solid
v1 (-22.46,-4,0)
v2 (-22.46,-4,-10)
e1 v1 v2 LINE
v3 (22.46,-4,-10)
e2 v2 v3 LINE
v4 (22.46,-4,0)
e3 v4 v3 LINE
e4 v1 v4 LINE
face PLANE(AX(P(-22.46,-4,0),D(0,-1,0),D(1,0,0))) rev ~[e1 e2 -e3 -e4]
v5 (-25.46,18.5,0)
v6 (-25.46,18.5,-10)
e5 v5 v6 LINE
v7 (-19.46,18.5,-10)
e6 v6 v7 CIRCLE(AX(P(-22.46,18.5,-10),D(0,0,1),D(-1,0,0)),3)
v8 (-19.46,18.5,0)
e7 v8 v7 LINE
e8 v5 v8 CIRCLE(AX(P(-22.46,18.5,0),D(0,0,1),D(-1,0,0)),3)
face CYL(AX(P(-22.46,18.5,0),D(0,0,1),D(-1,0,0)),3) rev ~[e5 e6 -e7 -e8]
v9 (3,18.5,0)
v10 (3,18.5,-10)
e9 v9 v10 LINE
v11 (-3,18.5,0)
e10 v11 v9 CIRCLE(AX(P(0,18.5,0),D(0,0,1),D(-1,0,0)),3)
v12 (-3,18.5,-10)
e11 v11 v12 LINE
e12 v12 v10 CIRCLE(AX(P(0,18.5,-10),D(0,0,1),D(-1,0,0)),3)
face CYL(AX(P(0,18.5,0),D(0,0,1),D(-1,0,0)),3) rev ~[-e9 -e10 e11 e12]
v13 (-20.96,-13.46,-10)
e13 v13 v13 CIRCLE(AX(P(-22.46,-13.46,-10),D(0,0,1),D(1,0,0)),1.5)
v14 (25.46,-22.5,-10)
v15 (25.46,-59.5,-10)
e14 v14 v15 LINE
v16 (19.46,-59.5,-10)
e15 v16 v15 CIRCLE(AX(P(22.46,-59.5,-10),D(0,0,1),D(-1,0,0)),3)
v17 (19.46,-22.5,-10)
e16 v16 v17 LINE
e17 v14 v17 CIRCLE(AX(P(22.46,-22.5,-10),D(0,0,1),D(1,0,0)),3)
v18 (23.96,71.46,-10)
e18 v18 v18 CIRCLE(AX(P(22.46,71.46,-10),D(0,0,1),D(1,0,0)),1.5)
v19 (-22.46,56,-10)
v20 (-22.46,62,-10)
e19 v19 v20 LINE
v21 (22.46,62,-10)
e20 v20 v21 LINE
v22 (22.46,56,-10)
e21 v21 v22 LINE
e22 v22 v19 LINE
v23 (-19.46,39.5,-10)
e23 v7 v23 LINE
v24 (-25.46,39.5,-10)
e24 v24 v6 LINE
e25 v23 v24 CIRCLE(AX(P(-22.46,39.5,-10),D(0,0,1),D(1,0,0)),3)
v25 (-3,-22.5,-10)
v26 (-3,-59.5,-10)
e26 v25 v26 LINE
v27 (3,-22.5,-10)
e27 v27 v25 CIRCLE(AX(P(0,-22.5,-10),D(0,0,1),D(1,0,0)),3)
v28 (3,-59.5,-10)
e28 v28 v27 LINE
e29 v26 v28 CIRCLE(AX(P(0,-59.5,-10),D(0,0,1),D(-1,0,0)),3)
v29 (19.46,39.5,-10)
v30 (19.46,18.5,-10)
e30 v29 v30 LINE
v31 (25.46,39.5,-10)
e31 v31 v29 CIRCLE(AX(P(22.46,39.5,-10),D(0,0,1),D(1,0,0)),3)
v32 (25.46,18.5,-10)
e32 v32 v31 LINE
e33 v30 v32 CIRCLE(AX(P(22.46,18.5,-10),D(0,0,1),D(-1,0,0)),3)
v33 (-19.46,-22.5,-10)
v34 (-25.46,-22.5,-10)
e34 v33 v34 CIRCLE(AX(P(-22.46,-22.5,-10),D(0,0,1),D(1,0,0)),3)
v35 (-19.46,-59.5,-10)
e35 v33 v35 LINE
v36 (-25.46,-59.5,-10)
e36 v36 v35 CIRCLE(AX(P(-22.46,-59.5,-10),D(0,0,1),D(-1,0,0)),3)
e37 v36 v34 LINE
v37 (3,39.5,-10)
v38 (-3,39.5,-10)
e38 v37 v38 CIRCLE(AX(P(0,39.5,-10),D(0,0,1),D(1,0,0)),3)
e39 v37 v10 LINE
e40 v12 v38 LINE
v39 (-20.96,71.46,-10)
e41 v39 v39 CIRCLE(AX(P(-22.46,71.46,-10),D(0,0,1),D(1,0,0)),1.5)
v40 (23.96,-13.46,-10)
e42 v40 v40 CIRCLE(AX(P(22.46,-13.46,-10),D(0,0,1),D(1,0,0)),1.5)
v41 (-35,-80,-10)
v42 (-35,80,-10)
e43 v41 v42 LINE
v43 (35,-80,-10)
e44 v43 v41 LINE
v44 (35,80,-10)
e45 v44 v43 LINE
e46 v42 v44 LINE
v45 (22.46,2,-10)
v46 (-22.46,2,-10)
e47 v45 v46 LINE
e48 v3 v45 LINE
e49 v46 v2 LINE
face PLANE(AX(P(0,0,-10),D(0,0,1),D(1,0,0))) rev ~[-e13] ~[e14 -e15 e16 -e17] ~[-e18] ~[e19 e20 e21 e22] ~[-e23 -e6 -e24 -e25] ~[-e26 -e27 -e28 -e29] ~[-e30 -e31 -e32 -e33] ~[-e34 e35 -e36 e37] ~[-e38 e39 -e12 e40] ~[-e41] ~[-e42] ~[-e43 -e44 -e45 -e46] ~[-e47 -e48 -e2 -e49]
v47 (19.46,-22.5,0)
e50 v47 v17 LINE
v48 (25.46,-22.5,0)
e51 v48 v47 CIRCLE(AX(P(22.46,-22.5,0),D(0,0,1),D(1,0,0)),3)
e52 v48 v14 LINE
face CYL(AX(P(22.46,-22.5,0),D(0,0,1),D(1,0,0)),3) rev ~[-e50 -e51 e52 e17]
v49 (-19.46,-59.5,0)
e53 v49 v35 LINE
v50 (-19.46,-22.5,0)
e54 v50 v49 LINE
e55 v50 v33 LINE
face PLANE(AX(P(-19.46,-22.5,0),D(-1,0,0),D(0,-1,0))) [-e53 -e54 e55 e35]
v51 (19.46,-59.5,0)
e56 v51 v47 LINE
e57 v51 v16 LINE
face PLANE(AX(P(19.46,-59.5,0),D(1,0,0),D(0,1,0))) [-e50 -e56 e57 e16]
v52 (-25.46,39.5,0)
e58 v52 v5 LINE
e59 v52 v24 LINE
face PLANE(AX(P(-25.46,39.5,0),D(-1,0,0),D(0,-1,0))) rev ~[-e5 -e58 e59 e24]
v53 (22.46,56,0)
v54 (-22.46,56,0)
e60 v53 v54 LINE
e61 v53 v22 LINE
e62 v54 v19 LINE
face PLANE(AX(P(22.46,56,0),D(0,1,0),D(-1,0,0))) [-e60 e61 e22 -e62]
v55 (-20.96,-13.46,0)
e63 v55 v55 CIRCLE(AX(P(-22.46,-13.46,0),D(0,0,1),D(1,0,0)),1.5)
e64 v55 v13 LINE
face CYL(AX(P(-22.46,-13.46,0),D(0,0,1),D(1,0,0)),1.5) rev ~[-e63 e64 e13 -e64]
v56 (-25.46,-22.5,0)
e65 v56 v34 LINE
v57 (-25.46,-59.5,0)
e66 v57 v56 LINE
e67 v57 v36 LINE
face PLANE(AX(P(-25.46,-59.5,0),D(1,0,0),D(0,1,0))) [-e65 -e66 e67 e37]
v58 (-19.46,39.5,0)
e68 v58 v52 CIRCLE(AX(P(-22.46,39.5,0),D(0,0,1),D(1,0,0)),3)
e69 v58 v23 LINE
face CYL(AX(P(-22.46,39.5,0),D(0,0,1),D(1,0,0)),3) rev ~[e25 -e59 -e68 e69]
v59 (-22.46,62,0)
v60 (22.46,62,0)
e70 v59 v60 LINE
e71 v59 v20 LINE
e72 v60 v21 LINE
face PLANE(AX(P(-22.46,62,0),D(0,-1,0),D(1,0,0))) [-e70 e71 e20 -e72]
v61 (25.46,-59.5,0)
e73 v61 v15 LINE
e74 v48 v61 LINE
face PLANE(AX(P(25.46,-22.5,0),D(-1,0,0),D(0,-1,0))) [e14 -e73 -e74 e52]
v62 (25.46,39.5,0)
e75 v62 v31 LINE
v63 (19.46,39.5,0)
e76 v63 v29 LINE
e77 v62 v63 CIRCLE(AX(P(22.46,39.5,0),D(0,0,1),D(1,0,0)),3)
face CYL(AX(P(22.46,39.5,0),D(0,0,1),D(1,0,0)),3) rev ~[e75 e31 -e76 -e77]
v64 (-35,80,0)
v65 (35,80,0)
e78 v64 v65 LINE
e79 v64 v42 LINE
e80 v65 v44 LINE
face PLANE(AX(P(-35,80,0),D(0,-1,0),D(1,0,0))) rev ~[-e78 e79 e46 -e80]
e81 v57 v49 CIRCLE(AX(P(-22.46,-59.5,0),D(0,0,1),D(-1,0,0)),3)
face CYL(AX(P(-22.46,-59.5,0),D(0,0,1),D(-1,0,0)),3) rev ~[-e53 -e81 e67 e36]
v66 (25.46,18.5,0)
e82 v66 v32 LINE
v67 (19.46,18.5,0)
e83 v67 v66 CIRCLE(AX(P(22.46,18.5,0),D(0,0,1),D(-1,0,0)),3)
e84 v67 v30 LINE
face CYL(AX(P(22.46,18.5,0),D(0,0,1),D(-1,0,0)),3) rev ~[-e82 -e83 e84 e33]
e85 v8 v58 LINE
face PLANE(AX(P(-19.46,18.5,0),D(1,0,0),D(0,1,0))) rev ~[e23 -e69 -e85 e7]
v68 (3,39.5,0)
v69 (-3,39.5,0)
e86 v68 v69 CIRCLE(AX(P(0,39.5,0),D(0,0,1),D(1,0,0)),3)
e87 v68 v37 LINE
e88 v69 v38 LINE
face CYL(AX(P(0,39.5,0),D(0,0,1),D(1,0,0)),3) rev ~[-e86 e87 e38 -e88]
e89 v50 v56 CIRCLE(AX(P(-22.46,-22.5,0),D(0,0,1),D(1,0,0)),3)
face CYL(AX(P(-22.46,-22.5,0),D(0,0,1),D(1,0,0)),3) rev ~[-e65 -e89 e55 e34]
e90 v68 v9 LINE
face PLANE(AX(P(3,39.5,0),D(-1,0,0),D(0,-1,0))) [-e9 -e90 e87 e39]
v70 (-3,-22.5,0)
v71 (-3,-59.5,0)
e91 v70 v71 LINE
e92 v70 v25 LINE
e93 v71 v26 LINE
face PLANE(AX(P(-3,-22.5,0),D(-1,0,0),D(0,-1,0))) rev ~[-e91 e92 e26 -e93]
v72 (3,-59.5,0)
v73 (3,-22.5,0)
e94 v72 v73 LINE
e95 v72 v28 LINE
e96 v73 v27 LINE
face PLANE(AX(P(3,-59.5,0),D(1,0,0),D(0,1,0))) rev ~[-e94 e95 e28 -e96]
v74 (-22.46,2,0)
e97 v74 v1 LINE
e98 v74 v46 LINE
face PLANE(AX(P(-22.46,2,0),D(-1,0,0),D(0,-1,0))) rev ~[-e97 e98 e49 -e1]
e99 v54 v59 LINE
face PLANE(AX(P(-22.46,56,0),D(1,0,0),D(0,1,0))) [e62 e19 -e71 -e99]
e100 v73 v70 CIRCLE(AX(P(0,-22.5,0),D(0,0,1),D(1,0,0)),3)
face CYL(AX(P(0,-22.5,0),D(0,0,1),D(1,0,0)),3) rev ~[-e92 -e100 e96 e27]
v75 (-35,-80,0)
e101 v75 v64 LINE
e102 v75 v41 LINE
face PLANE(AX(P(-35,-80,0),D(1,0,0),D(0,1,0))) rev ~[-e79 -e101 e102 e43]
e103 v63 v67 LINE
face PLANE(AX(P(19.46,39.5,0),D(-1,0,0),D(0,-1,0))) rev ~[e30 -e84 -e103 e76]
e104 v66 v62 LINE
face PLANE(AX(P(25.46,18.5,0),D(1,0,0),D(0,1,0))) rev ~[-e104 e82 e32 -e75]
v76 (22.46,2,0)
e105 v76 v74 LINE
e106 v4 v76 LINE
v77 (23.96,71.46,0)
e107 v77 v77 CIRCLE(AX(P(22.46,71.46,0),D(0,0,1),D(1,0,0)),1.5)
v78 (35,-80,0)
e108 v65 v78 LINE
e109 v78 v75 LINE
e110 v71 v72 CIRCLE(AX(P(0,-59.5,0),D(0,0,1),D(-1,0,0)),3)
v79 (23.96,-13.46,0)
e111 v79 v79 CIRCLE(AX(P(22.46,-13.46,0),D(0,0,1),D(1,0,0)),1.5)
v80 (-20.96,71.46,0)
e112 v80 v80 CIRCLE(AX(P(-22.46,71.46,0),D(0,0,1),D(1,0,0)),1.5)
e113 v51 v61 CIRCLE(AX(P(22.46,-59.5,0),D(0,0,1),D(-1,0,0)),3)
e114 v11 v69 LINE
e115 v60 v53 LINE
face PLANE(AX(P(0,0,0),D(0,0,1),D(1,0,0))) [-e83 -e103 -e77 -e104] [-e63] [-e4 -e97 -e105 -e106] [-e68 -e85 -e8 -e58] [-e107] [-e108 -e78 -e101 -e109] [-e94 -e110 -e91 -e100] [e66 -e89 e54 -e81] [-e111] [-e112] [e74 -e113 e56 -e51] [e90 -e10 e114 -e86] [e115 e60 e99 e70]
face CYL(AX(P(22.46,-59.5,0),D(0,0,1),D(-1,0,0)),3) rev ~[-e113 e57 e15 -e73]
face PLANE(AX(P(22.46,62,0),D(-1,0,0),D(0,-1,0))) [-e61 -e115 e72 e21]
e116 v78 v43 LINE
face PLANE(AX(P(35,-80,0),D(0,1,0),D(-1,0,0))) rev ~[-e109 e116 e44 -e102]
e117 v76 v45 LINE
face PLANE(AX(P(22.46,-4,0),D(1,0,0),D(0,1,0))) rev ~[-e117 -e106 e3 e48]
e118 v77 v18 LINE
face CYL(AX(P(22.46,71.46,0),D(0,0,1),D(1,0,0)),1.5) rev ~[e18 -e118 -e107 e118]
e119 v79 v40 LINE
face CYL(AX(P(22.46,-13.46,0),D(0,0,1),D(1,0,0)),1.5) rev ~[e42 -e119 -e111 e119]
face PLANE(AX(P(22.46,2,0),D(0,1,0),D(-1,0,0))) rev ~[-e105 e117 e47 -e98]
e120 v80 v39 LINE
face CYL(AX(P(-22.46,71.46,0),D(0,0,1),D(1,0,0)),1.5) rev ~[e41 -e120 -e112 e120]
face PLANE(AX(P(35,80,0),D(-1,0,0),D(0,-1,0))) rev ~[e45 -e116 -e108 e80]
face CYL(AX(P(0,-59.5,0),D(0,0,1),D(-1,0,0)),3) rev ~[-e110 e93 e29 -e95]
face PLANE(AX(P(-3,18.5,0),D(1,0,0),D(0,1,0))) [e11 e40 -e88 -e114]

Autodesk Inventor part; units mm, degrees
ref_plane "YZ Plane" through (0, 0, 0) normal (1, 0, 0) x (0, 1, 0)
ref_plane "XZ Plane" through (0, 0, 0) normal (0, 1, 0) x (-1, 0, 0)
ref_plane "XY Plane" through (0, 0, 0) normal (0, 0, 1) x (1, 0, 0)
sketch "Sketch1" plane through (0, 0, 0) normal (0, 0, 1) x (1, 0, 0)
  line L0 (-35, 80) -> (35, 80)
  line L1 (35, 80) -> (35, -80)
  line L2 (35, -80) -> (-35, -80)
  line L3 (-35, -80) -> (-35, 80)
  line L4 (-35, 80) -> (35, -80) construction
  line L5 (35, 80) -> (-35, -80) construction
  circle A0 centre (-22.46, 71.46) radius 1.5
  circle A1 centre (22.46, 71.46) radius 1.5
  circle A2 centre (-22.46, -13.46) radius 1.5
  circle A3 centre (22.46, -13.46) radius 1.5
  line L6 (0, 18.5) -> (0, 39.5) construction
  line L7 (-3, 18.5) -> (-3, 39.5)
  line L8 (3, 39.5) -> (3, 18.5)
  arc A4 (-3, 18.5) -> (3, 18.5) centre (0, 18.5) ccw
  arc A5 (3, 39.5) -> (-3, 39.5) centre (0, 39.5) ccw
  line L9 (-11.23, 0) -> (-11.23, 80) construction
  line L10 (-19.46, 18.5) -> (-19.46, 39.5)
  line L11 (-25.46, 39.5) -> (-25.46, 18.5)
  arc A6 (-25.46, 18.5) -> (-19.46, 18.5) centre (-22.46, 18.5) ccw
  arc A7 (-19.46, 39.5) -> (-25.46, 39.5) centre (-22.46, 39.5) ccw
  line L12 (11.23, 5) -> (11.23, 80) construction
  line L13 (25.46, 18.5) -> (25.46, 39.5)
  line L14 (19.46, 39.5) -> (19.46, 18.5)
  arc A8 (19.46, 18.5) -> (25.46, 18.5) centre (22.46, 18.5) ccw
  arc A9 (25.46, 39.5) -> (19.46, 39.5) centre (22.46, 39.5) ccw
  line L15 (-22.46, 62) -> (22.46, 62)
  line L16 (22.46, 62) -> (22.46, 56)
  line L17 (22.46, 56) -> (-22.46, 56)
  line L18 (-22.46, 56) -> (-22.46, 62)
  line L19 (-22.46, 62) -> (22.46, 56) construction
  line L20 (22.46, 62) -> (-22.46, 56) construction
  line L21 (0, 29) -> (-22.46, 29) construction
  line L22 (-22.46, -4) -> (22.46, -4)
  line L23 (22.46, -4) -> (22.46, 2)
  line L24 (22.46, 2) -> (-22.46, 2)
  line L25 (-22.46, 2) -> (-22.46, -4)
  line L26 (0, -22.5) -> (0, -59.5) construction
  line L27 (-3, -22.5) -> (-3, -59.5)
  line L28 (3, -59.5) -> (3, -22.5)
  arc A10 (3, -22.5) -> (-3, -22.5) centre (0, -22.5) ccw
  arc A11 (-3, -59.5) -> (3, -59.5) centre (0, -59.5) ccw
  line L29 (-19.46, -22.5) -> (-19.46, -59.5)
  line L30 (-25.46, -59.5) -> (-25.46, -22.5)
  arc A12 (-19.46, -22.5) -> (-25.46, -22.5) centre (-22.46, -22.5) ccw
  arc A13 (-25.46, -59.5) -> (-19.46, -59.5) centre (-22.46, -59.5) ccw
  line L31 (25.46, -22.5) -> (25.46, -59.5)
  line L32 (19.46, -59.5) -> (19.46, -22.5)
  arc A14 (25.46, -22.5) -> (19.46, -22.5) centre (22.46, -22.5) ccw
  arc A15 (19.46, -59.5) -> (25.46, -59.5) centre (22.46, -59.5) ccw
  point P0 (0, 0)
  point P1 (0, 59)
  point P2 (0, -41)
  dimension "d0" = 3
  dimension "d1" = 22.46
  dimension "d2" = 8.54
  dimension "d5" = 44.92
  dimension "d8" = 84.92
  dimension "d11" = 160
  dimension "d12" = 70
  dimension "d13" = 42.46
  dimension "d14" = 31.96
  dimension "d15" = 22.46
  dimension "d16" = 3
  dimension "d17" = 11.23
  dimension "d18" = 22.46
  dimension "d19" = 44.92
  dimension "d20" = 6
  dimension "d21" = 59
  dimension "d22" = 22.5
  dimension "d23" = 37
  dimension "d24" = 6
  dimension "d25" = 75
  dimension "d26" = 80
  dimension "d27" = 57.46
extrude "Extrusion1" add sketch "Sketch1" against normal blind 10
properties part number "bay_mid"
